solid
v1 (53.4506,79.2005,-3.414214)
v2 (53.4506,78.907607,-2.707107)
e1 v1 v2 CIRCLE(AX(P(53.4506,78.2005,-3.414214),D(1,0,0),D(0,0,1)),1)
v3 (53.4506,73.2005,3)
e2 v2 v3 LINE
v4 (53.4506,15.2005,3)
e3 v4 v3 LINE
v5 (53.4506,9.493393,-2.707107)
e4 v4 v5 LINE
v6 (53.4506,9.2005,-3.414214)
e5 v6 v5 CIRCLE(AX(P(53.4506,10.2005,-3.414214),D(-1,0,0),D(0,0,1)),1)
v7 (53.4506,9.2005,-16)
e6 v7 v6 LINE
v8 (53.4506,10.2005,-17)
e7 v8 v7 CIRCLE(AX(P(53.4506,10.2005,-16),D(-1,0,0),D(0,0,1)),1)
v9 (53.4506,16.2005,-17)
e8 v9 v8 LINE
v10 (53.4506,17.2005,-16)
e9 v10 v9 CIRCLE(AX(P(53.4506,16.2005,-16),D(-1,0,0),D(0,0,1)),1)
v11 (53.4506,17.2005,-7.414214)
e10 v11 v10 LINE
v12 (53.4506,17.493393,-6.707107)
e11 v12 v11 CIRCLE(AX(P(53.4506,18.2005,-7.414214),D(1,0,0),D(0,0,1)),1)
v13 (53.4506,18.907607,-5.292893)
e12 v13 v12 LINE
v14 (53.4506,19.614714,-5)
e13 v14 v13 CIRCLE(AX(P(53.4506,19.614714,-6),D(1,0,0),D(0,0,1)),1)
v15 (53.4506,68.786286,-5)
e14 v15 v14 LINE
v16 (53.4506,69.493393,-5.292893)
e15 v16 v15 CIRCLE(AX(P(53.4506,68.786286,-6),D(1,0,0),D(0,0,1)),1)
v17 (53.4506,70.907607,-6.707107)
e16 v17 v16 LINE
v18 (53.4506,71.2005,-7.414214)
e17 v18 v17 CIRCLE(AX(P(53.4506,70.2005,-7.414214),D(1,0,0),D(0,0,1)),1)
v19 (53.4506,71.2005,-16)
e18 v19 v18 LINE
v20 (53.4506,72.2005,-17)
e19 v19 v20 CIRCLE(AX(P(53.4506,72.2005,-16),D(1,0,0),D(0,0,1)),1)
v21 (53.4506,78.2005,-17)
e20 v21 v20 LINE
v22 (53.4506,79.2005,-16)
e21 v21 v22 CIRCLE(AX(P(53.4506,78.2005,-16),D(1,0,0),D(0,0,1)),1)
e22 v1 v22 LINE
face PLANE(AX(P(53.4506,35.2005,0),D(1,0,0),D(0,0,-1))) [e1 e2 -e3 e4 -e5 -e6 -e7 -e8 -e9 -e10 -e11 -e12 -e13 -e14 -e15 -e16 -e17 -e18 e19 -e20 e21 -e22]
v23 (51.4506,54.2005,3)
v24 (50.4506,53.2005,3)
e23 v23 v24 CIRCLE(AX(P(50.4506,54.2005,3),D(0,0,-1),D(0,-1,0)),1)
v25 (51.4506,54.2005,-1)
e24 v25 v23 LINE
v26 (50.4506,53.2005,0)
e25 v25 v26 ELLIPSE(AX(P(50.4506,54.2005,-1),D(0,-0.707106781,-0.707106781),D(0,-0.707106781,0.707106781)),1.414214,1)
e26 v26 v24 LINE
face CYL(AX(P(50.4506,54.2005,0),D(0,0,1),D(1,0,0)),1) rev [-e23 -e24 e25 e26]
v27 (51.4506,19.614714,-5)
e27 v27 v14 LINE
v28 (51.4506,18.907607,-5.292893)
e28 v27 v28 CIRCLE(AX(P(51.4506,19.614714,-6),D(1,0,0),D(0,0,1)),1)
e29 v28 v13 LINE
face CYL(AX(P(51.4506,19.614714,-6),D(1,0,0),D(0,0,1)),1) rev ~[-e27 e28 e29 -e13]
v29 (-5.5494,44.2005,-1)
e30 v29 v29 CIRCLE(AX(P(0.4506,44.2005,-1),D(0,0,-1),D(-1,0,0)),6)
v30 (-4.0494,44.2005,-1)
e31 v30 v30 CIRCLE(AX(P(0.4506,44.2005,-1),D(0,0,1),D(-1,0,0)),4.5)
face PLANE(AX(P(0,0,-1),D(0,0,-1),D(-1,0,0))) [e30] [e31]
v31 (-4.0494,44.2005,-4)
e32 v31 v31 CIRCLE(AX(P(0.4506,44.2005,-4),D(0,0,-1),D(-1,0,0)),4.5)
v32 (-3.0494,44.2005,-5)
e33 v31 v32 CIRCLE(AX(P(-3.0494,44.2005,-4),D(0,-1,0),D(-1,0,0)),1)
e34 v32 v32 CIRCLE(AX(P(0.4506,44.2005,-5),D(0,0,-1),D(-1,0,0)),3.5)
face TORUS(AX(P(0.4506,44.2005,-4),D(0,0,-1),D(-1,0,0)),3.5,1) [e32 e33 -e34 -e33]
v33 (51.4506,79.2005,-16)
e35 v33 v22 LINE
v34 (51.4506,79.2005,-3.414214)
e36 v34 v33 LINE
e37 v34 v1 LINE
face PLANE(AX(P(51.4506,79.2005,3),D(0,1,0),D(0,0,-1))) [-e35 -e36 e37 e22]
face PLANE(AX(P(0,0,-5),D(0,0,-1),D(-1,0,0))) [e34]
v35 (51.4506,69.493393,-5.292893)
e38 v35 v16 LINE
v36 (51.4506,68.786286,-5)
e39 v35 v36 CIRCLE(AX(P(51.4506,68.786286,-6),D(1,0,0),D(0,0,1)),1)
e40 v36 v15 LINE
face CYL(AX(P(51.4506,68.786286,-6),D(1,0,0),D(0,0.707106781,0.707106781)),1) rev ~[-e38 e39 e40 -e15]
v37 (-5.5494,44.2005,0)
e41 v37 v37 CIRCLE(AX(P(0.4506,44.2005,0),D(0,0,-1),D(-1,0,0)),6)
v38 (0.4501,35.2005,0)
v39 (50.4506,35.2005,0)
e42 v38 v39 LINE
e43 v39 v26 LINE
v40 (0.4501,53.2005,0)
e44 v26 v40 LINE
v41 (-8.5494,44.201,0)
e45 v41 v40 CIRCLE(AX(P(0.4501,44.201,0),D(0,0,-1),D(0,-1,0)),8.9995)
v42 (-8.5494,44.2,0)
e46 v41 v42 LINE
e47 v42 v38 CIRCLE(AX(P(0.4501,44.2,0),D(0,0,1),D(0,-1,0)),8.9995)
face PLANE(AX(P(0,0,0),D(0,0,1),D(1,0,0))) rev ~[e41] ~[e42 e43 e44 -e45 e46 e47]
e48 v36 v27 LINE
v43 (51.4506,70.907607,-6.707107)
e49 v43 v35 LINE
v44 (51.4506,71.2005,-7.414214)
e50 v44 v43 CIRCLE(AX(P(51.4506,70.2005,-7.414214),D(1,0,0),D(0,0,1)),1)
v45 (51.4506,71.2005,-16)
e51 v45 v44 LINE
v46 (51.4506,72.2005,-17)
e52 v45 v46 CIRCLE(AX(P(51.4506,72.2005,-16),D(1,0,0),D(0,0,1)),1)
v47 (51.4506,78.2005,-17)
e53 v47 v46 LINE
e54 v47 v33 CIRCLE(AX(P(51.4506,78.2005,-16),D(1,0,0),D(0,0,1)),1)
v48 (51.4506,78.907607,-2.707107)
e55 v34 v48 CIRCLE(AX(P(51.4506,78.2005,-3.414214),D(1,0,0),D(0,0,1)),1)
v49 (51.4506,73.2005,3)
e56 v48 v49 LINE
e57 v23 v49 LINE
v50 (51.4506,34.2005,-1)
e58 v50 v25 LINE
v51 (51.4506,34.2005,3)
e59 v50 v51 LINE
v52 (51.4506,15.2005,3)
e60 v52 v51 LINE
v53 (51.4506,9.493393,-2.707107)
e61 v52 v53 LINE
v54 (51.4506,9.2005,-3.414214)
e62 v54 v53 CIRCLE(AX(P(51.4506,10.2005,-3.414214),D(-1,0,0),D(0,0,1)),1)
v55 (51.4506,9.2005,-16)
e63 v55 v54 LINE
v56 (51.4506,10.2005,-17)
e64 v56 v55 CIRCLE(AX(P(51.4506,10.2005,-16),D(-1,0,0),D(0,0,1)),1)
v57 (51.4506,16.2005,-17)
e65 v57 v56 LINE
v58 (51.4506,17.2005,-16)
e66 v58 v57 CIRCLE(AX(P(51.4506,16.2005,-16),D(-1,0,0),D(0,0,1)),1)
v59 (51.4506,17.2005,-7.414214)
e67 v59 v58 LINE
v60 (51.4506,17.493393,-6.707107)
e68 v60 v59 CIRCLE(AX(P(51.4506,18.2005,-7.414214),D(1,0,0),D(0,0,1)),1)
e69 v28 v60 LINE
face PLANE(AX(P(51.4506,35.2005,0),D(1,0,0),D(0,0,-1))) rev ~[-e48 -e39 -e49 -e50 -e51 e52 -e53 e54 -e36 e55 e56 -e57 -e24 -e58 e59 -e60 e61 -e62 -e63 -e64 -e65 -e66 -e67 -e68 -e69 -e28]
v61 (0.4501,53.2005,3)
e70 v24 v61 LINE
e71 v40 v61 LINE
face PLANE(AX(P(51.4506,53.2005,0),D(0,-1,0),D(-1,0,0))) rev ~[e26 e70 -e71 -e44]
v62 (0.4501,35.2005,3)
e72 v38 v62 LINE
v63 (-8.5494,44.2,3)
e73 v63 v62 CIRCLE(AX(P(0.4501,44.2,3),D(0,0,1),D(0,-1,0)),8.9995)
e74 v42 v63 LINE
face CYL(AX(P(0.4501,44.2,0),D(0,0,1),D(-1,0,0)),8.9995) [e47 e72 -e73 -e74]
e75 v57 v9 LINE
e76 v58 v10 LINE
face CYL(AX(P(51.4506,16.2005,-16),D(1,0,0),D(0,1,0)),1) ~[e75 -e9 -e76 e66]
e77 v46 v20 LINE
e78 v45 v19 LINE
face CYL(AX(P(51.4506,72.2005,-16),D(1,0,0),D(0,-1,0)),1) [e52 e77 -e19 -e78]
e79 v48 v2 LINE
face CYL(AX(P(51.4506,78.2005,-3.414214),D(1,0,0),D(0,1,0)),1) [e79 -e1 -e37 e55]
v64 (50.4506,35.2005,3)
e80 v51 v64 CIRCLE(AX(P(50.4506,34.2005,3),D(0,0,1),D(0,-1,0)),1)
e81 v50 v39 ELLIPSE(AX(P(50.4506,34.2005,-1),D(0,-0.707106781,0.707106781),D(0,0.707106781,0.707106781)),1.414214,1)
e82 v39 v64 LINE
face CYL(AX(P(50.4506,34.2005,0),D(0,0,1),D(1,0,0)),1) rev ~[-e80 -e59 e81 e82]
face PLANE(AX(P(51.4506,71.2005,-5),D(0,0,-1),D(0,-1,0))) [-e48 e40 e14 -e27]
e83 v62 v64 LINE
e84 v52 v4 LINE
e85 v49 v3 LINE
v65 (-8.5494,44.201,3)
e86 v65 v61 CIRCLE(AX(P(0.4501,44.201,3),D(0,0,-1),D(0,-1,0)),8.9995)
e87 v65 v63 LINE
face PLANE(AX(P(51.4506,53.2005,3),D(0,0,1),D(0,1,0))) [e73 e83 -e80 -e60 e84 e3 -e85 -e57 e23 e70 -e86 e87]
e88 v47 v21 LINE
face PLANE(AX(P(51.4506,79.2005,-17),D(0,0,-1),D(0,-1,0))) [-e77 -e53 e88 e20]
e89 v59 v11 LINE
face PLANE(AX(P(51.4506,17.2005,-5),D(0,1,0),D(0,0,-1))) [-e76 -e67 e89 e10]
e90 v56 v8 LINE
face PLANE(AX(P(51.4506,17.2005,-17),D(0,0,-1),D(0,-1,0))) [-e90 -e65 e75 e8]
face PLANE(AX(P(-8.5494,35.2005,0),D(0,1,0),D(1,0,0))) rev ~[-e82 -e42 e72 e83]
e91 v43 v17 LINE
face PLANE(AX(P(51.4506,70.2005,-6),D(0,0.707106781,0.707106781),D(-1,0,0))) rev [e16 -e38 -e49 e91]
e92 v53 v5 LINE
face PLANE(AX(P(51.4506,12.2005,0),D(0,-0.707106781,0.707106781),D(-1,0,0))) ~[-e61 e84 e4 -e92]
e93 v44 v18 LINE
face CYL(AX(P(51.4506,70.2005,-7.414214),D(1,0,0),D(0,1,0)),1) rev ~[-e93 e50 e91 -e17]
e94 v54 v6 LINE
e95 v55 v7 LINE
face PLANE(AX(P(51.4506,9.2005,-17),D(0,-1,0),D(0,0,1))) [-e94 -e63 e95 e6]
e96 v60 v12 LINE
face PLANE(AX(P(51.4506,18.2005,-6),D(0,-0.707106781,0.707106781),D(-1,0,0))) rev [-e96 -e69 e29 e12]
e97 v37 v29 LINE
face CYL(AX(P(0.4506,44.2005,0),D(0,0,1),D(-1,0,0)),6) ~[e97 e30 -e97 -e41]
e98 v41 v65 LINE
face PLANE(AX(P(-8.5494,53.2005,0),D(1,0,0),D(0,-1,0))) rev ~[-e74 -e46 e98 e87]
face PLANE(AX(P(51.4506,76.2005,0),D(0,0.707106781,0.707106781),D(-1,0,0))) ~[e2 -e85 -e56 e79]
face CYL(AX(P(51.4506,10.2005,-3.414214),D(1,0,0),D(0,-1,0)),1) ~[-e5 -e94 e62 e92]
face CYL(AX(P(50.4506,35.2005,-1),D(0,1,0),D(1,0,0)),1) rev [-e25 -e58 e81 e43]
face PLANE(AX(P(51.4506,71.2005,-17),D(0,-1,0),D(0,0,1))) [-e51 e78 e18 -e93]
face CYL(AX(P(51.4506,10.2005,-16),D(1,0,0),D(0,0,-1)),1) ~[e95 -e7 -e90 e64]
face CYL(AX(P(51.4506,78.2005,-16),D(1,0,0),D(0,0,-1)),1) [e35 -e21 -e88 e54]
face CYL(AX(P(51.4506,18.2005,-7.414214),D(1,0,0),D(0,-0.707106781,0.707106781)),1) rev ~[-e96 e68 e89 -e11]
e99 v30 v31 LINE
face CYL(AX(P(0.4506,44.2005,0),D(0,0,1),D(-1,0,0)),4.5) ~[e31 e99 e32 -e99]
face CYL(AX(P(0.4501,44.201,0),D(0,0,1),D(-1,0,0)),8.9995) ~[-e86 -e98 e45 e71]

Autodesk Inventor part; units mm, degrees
ref_plane "YZ Plane" through (0, 0, 0) normal (1, 0, 0) x (0, 1, 0)
ref_plane "XZ Plane" through (0, 0, 0) normal (0, 1, 0) x (-1, 0, 0)
ref_plane "XY Plane" through (0, 0, 0) normal (0, 0, 1) x (1, 0, 0)
sketch "Sketch1" plane through (0, 0, 0) normal (0, 0, 1) x (1, 0, 0)
  line L0 (-8.5494, 35.2005) -> (51.4506, 35.2005)
  line L1 (51.4506, 35.2005) -> (51.4506, 53.2005)
  line L2 (51.4506, 53.2005) -> (-8.5494, 53.2005)
  line L3 (-8.5494, 53.2005) -> (-8.5494, 35.2005)
  point P0 (0, 0)
  dimension "d0" = 18
  dimension "d1" = 60
extrude "Extrusion1" add sketch "Sketch1" along normal blind 3
sketch "Sketch2" plane through (0, 0, 0) normal (0, 0, -1) x (-1, 0, 0)
  circle A0 centre (-0.4506, 44.2005) radius 4.5
  line L0 (-0.4506, 44.2005) -> (8.5494, 44.2005) construction
  line L1 (8.5494, 53.2005) -> (8.5494, 35.2005) projected
  line L2 (-0.4506, 44.2005) -> (-0.4506, 35.2005) construction
  line L3 (8.5494, 35.2005) -> (-51.4506, 35.2005) projected
  line L4 (-0.4506, 44.2005) -> (-0.4506, 53.2005) construction
  line L5 (-51.4506, 53.2005) -> (8.5494, 53.2005) projected
  point P0 (0, 0)
  dimension "d4" = 9
extrude "Extrusion2" add sketch "Sketch2" along normal blind 5
sketch "Sketch4" plane through (0.4506, 44.2005, -5) normal (0, 0, -1) x (-1, 0, 0)
  circle A0 centre (0, 0) radius 4.5 projected
  circle A1 centre (0, 0) radius 4
  line L0 (4, -3.1231) -> (4, 2.6998) construction
  point P0 (0.4506, -44.2005)
revolve "Revolution1" [suppressed]
sketch "Sketch5" plane through (0.2094, 44.2005, -3.3681) normal (-0.342, 0, -0.9397) x (-0.9397, 0, 0.342)
  ellipse E0 centre (0, 0) end of major axis (0, -4) minor radius 4
  point P0 (1.3487, -44.2005)
extrude "Extrusion3" [suppressed]
fillet "Fillet1" radius 9 2 edges at (-8.5494, 35.2005, 1.5) (-8.5494, 53.2005, 1.5)
sketch "Sketch6" plane through (51.4506, 35.2005, 0) normal (1, 0, 0) x (0, 0, -1)
  line L0 (-3, 44) -> (17, 44)
  line L1 (17, -26) -> (-3, -26)
  line L2 (-3, -26) -> (-3, 44)
  line L3 (-3, 0) -> (-3, 18) projected
  line L4 (0, 0) -> (-3, 0) projected
  line L5 (0, 0) -> (-3, -26) construction
  line L6 (0, 18) -> (-3, 18) projected
  line L7 (0, 18) -> (-3, 44) construction
  line L8 (17, 44) -> (17, 36)
  line L9 (17, 36) -> (5, 36)
  line L10 (5, 36) -> (5, -18)
  line L11 (5, -18) -> (17, -18)
  line L12 (17, -18) -> (17, -26)
  point P0 (0, -35.2005)
  dimension "d11" = 70
  dimension "d12" = 0
  dimension "d15" = 20
  dimension "d16" = 8
  dimension "d17" = 8
  dimension "d18" = 8
  dimension "d19" = 20
extrude "Extrusion4" add sketch "Sketch6" along normal blind 2
chamfer "Chamfer1" distance 6 angle 45 2 edges at (52.4506, 79.2005, 3) (52.4506, 9.2005, 3)
chamfer "Chamfer2" distance 2 angle 45 2 edges at (52.4506, 17.2005, -5) (52.4506, 71.2005, -5)
fillet "Fillet3" radius 1 13 edges at (52.4506, 17.2005, -17) (52.4506, 9.2005, -17) (52.4506, 79.2005, -17) (52.4506, 71.2005, -17) (52.4506, 71.2005, -7) (52.4506, 69.2005, -5) (52.4506, 19.2005, -5) (52.4506, 17.2005, -7) (52.4506, 79.2005, -3) (52.4506, 9.2005, -3) (51.4506, 53.2005, 1.5) (51.4506, 44.2005, 0) (51.4506, 35.2005, 1.5)
fillet "Fillet4" radius 1 1 edges at (4.9506, 44.2005, -5)
sketch "Sketch7" plane through (0, 0, 0) normal (0, 0, -1) x (-1, 0, 0)
  circle A0 centre (-0.4506, 44.2005) radius 4.5 projected
  circle A1 centre (-0.4506, 44.2005) radius 6
  point P0 (0, 0)
  dimension "d29" = 12
extrude "Extrusion5" add sketch "Sketch7" along normal blind 1 contours A0 | A1
equation "\"d17\" = d16"
equation "\"d18\" = d16"
equation "\"d19\" = d15"
properties part number "Holder"
